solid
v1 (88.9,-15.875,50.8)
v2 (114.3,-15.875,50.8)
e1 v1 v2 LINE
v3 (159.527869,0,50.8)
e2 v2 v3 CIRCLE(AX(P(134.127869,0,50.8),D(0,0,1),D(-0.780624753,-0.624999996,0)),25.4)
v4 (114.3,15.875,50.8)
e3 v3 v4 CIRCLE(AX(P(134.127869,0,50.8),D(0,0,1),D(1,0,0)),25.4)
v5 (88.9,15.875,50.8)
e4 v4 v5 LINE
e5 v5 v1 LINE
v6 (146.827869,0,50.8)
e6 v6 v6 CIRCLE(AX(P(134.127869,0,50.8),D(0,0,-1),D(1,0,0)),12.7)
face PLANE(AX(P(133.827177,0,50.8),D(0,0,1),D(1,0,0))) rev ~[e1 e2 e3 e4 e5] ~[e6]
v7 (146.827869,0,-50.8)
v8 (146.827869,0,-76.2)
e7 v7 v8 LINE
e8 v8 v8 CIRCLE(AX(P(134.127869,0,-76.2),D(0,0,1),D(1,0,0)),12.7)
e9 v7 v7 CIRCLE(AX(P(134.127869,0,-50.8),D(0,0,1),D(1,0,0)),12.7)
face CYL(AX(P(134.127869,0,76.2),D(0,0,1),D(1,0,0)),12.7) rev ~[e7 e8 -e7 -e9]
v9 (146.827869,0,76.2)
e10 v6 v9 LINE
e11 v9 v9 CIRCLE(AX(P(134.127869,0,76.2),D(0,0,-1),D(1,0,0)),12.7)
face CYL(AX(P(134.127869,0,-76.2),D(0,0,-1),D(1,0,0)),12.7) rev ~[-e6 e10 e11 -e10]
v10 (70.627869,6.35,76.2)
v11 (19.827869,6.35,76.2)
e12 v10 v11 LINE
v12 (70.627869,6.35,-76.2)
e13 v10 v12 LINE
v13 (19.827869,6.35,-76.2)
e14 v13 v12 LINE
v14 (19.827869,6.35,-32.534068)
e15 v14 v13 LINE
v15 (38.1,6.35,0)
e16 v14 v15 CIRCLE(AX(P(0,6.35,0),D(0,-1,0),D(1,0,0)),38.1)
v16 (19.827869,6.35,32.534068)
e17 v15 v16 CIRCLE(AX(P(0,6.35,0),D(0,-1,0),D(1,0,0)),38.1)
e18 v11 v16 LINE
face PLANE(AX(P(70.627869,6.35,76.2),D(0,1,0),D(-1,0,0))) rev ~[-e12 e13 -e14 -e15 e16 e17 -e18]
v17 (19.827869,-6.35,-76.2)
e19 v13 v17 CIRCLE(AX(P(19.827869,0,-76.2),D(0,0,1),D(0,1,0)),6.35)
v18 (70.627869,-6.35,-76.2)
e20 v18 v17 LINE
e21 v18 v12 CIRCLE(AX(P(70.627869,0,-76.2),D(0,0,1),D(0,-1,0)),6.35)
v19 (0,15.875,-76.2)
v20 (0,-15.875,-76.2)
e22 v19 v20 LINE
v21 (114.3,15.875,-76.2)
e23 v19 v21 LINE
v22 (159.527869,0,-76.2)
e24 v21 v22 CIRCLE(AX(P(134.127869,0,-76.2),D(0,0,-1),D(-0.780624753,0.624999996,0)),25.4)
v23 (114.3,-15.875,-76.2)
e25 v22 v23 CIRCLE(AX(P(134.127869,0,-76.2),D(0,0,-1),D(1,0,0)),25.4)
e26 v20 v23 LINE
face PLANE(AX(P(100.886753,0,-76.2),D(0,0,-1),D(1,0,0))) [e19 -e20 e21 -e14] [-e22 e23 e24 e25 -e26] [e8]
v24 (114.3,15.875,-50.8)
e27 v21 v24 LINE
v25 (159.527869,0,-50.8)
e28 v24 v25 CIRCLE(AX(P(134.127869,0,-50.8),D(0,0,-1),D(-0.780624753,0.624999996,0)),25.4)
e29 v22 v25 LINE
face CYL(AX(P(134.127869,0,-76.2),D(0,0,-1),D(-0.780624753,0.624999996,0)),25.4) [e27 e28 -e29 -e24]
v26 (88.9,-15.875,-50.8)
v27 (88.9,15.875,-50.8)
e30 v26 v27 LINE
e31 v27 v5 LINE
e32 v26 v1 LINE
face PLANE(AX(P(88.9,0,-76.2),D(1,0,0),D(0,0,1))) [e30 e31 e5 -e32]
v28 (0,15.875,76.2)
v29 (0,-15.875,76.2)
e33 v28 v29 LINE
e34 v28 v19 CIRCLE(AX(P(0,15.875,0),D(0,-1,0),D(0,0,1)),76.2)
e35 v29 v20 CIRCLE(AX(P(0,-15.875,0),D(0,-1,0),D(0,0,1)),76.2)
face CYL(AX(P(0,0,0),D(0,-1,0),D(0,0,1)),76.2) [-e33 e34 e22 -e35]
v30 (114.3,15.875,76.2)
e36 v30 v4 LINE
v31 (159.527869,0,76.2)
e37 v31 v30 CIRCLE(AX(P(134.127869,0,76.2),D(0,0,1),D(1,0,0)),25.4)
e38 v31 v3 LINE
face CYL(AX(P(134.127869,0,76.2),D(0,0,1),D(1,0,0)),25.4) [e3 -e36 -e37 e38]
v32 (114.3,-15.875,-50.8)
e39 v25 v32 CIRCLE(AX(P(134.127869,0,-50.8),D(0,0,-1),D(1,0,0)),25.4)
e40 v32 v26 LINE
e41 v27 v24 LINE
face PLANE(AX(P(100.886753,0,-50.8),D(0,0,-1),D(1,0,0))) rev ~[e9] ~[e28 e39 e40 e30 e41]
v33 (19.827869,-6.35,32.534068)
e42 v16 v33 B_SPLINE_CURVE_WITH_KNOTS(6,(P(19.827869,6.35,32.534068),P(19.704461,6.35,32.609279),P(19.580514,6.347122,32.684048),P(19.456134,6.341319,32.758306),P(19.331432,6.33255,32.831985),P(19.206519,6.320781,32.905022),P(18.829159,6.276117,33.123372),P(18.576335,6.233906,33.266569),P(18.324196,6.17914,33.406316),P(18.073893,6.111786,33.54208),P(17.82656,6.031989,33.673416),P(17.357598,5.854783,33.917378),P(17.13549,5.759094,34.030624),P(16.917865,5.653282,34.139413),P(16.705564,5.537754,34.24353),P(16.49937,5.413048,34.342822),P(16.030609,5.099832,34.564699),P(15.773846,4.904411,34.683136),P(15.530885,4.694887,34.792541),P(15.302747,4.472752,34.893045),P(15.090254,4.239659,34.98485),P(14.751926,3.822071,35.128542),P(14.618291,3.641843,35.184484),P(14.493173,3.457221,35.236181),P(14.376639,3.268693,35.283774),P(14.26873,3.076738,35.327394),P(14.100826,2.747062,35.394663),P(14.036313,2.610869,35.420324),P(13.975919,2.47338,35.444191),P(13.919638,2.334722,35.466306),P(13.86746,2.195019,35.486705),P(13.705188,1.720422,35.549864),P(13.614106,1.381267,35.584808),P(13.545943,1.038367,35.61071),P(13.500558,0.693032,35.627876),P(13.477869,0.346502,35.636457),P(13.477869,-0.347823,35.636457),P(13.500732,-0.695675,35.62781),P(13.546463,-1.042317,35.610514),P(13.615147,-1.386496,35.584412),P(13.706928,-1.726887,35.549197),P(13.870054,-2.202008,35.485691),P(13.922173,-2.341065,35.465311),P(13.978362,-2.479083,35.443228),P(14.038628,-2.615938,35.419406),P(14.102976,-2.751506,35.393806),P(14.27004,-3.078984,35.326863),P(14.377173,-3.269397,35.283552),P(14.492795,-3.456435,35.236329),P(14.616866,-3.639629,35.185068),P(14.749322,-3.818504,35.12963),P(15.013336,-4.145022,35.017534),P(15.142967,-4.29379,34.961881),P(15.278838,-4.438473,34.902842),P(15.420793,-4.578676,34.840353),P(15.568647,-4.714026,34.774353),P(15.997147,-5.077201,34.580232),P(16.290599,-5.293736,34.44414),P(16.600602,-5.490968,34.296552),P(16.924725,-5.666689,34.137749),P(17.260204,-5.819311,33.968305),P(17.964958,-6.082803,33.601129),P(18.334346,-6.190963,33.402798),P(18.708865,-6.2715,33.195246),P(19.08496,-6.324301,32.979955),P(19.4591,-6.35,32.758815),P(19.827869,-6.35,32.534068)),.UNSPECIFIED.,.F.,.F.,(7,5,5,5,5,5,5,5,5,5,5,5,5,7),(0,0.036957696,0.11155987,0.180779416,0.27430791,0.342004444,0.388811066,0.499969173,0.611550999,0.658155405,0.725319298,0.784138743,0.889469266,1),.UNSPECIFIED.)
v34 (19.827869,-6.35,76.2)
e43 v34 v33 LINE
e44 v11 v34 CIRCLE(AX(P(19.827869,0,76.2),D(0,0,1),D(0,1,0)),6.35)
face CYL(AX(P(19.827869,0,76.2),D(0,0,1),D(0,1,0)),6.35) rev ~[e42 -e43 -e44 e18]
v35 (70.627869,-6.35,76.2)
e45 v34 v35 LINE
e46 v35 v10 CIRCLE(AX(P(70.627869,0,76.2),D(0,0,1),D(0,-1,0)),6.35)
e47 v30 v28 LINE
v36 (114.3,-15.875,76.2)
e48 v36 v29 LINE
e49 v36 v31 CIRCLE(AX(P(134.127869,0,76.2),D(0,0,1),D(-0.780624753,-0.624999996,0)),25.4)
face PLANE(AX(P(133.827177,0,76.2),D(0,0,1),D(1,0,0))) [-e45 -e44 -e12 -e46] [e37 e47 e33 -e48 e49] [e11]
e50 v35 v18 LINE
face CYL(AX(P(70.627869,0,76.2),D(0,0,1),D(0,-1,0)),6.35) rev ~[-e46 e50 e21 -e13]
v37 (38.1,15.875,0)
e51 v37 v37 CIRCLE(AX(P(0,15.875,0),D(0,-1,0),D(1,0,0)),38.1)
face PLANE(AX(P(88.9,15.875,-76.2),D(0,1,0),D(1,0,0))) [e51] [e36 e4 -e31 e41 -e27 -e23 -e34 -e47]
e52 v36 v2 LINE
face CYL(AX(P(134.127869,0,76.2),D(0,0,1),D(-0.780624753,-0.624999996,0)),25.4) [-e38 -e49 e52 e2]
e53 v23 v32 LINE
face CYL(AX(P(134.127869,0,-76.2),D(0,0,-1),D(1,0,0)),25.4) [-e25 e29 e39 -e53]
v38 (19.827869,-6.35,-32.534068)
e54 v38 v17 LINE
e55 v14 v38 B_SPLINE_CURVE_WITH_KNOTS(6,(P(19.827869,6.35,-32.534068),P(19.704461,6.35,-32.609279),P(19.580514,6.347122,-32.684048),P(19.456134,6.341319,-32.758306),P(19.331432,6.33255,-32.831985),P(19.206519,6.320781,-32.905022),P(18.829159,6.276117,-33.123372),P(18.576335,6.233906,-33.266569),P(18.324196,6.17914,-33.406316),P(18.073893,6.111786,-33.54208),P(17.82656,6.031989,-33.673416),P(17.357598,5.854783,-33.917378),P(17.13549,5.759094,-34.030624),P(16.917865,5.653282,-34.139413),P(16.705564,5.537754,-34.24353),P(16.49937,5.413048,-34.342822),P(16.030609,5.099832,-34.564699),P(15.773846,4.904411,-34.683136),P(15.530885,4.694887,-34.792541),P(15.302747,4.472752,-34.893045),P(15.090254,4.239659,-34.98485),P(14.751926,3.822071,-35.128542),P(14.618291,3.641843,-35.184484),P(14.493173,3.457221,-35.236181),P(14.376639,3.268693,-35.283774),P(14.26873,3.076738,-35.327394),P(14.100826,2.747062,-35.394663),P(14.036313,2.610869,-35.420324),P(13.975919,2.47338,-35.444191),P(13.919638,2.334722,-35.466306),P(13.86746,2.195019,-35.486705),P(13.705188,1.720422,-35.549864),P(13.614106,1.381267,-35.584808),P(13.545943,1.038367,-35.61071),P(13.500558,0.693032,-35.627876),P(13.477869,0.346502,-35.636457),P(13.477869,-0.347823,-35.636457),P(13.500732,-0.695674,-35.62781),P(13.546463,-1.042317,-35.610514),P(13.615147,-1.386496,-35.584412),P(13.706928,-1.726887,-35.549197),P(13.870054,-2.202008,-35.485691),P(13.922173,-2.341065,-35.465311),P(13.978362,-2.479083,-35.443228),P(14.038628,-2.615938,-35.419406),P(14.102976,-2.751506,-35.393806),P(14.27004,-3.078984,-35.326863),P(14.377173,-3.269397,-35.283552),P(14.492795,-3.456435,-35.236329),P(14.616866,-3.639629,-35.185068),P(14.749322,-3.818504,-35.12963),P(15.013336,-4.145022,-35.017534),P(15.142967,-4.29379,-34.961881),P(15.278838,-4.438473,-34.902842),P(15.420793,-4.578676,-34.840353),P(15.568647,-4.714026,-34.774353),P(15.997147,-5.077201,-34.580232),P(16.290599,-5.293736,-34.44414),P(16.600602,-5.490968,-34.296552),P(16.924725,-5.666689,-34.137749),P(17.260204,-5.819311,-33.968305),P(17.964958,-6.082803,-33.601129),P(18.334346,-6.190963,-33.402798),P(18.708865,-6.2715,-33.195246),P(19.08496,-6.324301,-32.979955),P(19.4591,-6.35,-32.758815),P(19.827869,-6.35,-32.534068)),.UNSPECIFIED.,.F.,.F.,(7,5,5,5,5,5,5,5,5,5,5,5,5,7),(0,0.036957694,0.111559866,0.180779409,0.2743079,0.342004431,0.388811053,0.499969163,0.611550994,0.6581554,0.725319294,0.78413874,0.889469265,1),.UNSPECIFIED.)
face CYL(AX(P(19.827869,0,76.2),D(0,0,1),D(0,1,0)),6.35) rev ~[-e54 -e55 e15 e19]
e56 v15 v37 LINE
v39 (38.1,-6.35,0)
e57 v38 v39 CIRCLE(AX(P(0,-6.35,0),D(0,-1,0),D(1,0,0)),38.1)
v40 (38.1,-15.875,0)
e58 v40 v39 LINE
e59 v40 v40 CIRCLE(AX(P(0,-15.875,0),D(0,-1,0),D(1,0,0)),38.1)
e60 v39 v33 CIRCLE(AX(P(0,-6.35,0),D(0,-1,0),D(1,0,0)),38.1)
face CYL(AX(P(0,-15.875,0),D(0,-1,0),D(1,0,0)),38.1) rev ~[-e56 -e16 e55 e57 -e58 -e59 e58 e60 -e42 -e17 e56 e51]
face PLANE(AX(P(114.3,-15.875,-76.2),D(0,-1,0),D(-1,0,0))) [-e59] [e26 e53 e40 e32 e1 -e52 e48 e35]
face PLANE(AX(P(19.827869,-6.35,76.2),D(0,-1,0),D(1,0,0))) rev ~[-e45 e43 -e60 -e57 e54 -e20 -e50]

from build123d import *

# Parameters (mm, degrees)
F1_DEPTH  = 15.875
F2_R      = 38.1
F3_DEPTH  = 31.751
F5_DEPTH  = 25.4
F6_R      = 12.7
F7_DEPTH  = 152.401
F9_DEPTH  = 25.4
F10_R     = 12.7
F11_DEPTH = 152.401
F14_DEPTH = 152.401


with BuildPart() as f1:
    # F0 (on Front) → F1 (new body, symmetric)
    with BuildSketch(Plane.XZ):
        with BuildLine():
            Line((88.9, 76.2), (0, 76.2))
            ThreePointArc((0, 76.2), (-76.2, 0), (0, -76.2))
            Line((0, -76.2), (88.9, -76.2))
            Line((88.9, -76.2), (88.9, 76.2))
        make_face()
    extrude(amount=F1_DEPTH, both=True)

    # F2 (on face) → F3 (cut, through all)
    with BuildSketch(Plane.XZ.offset(15.875)):
        Circle(F2_R)
    extrude(amount=-F3_DEPTH, mode=Mode.SUBTRACT)

    # F4 (on face) → F5 (join)
    with BuildSketch(Plane.XY.offset(76.2)):
        with BuildLine():
            ThreePointArc((114.3, -15.875), (142.540126, -23.966517), (159.527869, 0))
            ThreePointArc((159.527869, 0), (142.540126, 23.966517), (114.3, 15.875))
            ThreePointArc((114.3, 15.875), (108.727869, 0), (114.3, -15.875))
        make_face()
        with BuildLine():
            Line((114.3, 15.875), (88.9, 15.875))
            Line((88.9, 15.875), (88.9, -15.875))
            Line((88.9, -15.875), (114.3, -15.875))
            ThreePointArc((114.3, -15.875), (108.727869, 0), (114.3, 15.875))
        make_face()
    extrude(amount=-F5_DEPTH)

    # F6 (on face) → F7 (cut, through all)
    with BuildSketch(Plane(origin=(0, 0, -76.2), x_dir=(1, 0, 0), z_dir=(0, 0, -1))):
        with Locations((134.127869, 0)):
            Circle(F6_R)
    extrude(amount=-F7_DEPTH, mode=Mode.SUBTRACT)

    # F8 (on face) → F9 (join)
    with BuildSketch(Plane(origin=(0, 0, -76.2), x_dir=(1, 0, 0), z_dir=(0, 0, -1))):
        with BuildLine():
            Line((114.3, 15.875), (88.9, 15.875))
            Line((88.9, 15.875), (88.9, -15.875))
            Line((88.9, -15.875), (114.3, -15.875))
            ThreePointArc((114.3, -15.875), (108.727869, 0), (114.3, 15.875))
        make_face()
        with BuildLine():
            ThreePointArc((159.527869, 0), (142.540126, 23.966517), (114.3, 15.875))
            ThreePointArc((114.3, 15.875), (108.727869, 0), (114.3, -15.875))
            ThreePointArc((114.3, -15.875), (142.540126, -23.966517), (159.527869, 0))
        make_face()
    extrude(amount=-F9_DEPTH)

    # F10 (on face) → F11 (cut, through all)
    with BuildSketch(Plane.XY.offset(76.2)):
        with Locations((134.127869, 0)):
            Circle(F10_R)
    extrude(amount=-F11_DEPTH, mode=Mode.SUBTRACT)

    # F13 (on face) → F14 (cut, through all)
    with BuildSketch(Plane.XY.offset(76.2)):
        with BuildLine():
            Line((70.627869, 6.35), (19.827869, 6.35))
            ThreePointArc((19.827869, 6.35), (13.477869, 0), (19.827869, -6.35))
            Line((19.827869, -6.35), (70.627869, -6.35))
            ThreePointArc((70.627869, -6.35), (76.977869, 0), (70.627869, 6.35))
        make_face()
    extrude(amount=-F14_DEPTH, mode=Mode.SUBTRACT)


solid = f1.part
